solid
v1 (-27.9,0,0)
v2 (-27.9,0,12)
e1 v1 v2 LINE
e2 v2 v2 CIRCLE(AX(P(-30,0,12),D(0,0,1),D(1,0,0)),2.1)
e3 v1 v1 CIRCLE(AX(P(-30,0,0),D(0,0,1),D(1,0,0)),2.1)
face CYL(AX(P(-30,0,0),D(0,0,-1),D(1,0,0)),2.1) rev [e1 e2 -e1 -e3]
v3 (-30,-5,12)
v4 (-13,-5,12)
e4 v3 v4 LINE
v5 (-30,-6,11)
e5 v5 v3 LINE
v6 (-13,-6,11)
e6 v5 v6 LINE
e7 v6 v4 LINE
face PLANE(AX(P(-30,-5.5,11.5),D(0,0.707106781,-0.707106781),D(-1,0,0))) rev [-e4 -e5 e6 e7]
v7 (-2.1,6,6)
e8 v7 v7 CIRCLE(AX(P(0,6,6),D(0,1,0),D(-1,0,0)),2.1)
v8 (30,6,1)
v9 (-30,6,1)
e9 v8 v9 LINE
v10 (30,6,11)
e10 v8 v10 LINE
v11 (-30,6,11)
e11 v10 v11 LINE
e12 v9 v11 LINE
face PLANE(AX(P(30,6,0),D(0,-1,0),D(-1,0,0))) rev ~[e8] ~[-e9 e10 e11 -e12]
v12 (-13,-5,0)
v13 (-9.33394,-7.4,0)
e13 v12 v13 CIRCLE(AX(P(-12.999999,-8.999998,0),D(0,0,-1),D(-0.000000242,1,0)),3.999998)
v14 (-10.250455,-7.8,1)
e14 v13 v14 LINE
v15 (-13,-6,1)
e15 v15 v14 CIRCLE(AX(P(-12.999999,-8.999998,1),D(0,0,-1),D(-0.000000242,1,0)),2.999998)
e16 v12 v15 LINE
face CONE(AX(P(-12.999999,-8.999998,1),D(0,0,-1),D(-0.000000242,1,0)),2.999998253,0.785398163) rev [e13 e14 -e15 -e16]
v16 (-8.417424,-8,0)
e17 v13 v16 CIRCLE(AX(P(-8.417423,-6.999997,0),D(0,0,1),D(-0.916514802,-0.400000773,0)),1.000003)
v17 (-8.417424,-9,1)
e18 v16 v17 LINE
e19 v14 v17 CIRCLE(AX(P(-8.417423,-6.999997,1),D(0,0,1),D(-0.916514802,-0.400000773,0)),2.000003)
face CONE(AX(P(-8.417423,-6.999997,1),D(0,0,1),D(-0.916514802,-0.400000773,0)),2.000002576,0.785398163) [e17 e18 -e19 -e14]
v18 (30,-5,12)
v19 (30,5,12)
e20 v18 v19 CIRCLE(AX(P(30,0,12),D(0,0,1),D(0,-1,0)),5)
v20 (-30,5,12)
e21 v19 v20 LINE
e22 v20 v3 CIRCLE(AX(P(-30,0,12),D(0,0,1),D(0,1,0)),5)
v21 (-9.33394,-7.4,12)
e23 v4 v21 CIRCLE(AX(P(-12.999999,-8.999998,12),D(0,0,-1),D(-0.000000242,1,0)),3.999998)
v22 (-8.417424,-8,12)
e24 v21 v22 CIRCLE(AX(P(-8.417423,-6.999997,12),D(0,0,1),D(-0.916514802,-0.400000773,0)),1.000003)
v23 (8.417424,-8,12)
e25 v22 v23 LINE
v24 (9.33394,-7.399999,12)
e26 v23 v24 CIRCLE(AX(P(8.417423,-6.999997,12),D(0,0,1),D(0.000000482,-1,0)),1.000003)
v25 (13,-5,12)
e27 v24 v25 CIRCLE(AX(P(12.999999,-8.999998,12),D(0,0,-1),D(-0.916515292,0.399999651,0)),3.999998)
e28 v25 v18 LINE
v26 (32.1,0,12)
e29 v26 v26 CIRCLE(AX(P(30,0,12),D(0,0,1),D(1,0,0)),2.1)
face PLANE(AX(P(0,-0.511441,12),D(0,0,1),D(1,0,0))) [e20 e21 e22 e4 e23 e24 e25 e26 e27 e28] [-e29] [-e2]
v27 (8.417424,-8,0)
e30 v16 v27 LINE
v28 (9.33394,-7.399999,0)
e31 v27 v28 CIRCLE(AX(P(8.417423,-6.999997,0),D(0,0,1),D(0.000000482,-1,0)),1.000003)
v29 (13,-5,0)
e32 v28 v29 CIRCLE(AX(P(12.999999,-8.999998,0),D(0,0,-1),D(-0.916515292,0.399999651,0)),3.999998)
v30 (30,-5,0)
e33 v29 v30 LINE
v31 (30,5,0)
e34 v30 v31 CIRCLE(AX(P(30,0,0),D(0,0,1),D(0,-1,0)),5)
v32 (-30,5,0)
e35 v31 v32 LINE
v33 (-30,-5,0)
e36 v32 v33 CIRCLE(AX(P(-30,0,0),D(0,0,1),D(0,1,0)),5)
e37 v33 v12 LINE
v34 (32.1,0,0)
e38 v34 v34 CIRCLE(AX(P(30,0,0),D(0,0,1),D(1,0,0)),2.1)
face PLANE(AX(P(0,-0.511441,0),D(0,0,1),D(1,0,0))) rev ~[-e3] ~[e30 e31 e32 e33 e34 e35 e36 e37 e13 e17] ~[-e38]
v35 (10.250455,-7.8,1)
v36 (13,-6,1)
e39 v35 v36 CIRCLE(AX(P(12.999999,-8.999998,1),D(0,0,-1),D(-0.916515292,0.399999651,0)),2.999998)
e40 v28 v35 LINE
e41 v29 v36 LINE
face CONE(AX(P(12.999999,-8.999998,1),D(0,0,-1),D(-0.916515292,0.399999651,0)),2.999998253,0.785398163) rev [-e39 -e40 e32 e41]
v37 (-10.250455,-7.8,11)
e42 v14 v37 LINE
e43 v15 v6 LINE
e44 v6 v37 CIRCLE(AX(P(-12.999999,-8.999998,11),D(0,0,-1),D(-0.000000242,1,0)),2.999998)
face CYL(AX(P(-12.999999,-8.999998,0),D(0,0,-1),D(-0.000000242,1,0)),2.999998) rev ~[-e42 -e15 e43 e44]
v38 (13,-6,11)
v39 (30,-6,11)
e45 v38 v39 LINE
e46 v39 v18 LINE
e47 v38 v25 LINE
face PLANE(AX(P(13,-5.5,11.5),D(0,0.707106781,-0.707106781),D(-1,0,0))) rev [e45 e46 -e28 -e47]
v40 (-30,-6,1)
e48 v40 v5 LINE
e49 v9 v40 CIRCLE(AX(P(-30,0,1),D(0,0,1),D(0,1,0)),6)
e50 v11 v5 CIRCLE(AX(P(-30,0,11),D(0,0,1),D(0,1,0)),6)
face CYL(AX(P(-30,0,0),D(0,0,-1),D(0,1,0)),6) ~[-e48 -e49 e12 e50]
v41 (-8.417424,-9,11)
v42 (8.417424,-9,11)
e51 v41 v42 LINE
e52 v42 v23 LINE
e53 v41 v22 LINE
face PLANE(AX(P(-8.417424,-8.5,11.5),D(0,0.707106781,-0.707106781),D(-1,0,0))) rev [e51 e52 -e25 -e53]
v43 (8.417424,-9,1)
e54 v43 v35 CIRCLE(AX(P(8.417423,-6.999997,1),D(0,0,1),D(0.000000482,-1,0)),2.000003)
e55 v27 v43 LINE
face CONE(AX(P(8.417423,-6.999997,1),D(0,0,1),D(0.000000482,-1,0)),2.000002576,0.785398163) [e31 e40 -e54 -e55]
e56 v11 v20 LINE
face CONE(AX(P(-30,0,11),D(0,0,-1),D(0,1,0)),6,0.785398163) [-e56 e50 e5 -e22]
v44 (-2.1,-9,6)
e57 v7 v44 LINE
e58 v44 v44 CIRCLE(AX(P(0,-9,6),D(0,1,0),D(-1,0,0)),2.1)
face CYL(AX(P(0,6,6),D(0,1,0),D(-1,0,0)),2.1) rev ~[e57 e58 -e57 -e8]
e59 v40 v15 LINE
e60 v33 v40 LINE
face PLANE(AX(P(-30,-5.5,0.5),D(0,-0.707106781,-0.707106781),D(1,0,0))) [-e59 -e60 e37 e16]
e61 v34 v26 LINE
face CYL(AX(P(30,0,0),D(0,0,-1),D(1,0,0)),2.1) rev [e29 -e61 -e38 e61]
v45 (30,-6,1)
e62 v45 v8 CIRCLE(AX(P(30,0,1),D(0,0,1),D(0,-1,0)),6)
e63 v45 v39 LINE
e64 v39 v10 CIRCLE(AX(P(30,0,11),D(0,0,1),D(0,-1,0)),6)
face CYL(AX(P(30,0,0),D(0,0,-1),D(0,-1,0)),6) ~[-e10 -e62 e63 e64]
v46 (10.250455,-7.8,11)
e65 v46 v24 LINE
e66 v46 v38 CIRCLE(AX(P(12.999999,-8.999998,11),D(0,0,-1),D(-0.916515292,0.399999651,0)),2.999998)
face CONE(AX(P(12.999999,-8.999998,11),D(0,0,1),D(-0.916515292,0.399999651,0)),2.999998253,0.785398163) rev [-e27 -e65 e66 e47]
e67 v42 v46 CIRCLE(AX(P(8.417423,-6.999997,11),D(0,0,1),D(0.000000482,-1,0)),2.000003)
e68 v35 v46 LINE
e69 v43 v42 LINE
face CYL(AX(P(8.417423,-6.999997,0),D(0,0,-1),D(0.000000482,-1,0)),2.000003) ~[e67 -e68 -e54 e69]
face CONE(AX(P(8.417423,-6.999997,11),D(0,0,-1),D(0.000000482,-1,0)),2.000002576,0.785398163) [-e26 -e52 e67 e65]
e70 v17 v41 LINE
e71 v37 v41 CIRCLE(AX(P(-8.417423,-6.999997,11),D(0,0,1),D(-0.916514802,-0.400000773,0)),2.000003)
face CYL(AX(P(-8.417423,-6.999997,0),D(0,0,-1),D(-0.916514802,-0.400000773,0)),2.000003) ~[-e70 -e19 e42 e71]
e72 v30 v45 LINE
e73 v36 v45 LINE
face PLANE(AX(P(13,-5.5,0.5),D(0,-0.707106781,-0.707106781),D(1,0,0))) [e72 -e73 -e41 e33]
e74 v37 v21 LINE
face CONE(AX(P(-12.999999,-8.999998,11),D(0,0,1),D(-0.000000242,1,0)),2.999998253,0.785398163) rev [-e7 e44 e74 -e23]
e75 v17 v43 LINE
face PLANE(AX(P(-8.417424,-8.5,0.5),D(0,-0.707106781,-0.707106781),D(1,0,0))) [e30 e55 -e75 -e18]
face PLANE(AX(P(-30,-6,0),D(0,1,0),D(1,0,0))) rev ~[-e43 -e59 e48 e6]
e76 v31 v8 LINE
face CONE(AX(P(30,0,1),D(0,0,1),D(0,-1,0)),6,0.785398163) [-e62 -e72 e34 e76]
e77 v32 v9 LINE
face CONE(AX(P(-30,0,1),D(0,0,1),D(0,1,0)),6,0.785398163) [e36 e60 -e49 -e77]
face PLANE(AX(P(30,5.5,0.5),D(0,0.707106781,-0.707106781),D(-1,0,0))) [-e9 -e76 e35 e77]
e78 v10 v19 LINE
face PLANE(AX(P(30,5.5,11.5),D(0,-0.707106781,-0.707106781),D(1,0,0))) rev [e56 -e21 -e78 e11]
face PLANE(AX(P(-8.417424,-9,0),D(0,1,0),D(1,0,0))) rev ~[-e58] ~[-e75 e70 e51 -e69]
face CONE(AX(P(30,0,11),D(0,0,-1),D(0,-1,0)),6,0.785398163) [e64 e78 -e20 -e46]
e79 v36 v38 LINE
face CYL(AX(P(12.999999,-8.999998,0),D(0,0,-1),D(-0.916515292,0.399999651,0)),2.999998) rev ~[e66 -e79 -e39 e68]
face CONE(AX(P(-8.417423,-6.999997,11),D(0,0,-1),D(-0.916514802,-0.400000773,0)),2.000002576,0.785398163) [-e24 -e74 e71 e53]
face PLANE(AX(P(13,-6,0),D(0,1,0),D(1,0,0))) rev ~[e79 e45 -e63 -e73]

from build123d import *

# Parameters (mm, degrees)
F0_R     = 2.1
F1_DEPTH = 12
F2_R     = 2.1
F3_DEPTH = 15.001
F4_SIZE  = 1


with BuildPart() as f1:
    # F0 (on Top) → F1 (new body)
    with BuildSketch(Plane.XY):
        with BuildLine():
            Line((-8.417424, -9), (8.417424, -9))
            ThreePointArc((8.417424, -9), (9.512869, -8.67332), (10.250455, -7.8))
            ThreePointArc((10.250455, -7.8), (11.356832, -6.49002), (13, -6))
            Line((13, -6), (30, -6))
            ThreePointArc((30, -6), (36, 0), (30, 6))
            Line((30, 6), (-30, 6))
            ThreePointArc((-30, 6), (-36, 0), (-30, -6))
            Line((-30, -6), (-13, -6))
            ThreePointArc((-13, -6), (-11.356832, -6.49002), (-10.250455, -7.8))
            ThreePointArc((-10.250455, -7.8), (-9.512869, -8.67332), (-8.417424, -9))
        make_face()
        with Locations((-30, 0)):
            Circle(F0_R, mode=Mode.SUBTRACT)
        with Locations((30, 0)):
            Circle(F0_R, mode=Mode.SUBTRACT)
    extrude(amount=F1_DEPTH)

    # F2 (on face) → F3 (cut, through all)
    with BuildSketch(Plane(origin=(0, 6, 0), x_dir=(-1, 0, 0), z_dir=(0, 1, 0))):
        with Locations((0, 6)):
            Circle(F2_R)
    extrude(amount=-F3_DEPTH, mode=Mode.SUBTRACT)

    # F4
    f4_edges = [f1.edges().sort_by_distance(p)[0] for p in [
        (0, -9, 12),
        (0, 6, 0),
    ]]
    chamfer(f4_edges, length=F4_SIZE)


solid = f1.part
